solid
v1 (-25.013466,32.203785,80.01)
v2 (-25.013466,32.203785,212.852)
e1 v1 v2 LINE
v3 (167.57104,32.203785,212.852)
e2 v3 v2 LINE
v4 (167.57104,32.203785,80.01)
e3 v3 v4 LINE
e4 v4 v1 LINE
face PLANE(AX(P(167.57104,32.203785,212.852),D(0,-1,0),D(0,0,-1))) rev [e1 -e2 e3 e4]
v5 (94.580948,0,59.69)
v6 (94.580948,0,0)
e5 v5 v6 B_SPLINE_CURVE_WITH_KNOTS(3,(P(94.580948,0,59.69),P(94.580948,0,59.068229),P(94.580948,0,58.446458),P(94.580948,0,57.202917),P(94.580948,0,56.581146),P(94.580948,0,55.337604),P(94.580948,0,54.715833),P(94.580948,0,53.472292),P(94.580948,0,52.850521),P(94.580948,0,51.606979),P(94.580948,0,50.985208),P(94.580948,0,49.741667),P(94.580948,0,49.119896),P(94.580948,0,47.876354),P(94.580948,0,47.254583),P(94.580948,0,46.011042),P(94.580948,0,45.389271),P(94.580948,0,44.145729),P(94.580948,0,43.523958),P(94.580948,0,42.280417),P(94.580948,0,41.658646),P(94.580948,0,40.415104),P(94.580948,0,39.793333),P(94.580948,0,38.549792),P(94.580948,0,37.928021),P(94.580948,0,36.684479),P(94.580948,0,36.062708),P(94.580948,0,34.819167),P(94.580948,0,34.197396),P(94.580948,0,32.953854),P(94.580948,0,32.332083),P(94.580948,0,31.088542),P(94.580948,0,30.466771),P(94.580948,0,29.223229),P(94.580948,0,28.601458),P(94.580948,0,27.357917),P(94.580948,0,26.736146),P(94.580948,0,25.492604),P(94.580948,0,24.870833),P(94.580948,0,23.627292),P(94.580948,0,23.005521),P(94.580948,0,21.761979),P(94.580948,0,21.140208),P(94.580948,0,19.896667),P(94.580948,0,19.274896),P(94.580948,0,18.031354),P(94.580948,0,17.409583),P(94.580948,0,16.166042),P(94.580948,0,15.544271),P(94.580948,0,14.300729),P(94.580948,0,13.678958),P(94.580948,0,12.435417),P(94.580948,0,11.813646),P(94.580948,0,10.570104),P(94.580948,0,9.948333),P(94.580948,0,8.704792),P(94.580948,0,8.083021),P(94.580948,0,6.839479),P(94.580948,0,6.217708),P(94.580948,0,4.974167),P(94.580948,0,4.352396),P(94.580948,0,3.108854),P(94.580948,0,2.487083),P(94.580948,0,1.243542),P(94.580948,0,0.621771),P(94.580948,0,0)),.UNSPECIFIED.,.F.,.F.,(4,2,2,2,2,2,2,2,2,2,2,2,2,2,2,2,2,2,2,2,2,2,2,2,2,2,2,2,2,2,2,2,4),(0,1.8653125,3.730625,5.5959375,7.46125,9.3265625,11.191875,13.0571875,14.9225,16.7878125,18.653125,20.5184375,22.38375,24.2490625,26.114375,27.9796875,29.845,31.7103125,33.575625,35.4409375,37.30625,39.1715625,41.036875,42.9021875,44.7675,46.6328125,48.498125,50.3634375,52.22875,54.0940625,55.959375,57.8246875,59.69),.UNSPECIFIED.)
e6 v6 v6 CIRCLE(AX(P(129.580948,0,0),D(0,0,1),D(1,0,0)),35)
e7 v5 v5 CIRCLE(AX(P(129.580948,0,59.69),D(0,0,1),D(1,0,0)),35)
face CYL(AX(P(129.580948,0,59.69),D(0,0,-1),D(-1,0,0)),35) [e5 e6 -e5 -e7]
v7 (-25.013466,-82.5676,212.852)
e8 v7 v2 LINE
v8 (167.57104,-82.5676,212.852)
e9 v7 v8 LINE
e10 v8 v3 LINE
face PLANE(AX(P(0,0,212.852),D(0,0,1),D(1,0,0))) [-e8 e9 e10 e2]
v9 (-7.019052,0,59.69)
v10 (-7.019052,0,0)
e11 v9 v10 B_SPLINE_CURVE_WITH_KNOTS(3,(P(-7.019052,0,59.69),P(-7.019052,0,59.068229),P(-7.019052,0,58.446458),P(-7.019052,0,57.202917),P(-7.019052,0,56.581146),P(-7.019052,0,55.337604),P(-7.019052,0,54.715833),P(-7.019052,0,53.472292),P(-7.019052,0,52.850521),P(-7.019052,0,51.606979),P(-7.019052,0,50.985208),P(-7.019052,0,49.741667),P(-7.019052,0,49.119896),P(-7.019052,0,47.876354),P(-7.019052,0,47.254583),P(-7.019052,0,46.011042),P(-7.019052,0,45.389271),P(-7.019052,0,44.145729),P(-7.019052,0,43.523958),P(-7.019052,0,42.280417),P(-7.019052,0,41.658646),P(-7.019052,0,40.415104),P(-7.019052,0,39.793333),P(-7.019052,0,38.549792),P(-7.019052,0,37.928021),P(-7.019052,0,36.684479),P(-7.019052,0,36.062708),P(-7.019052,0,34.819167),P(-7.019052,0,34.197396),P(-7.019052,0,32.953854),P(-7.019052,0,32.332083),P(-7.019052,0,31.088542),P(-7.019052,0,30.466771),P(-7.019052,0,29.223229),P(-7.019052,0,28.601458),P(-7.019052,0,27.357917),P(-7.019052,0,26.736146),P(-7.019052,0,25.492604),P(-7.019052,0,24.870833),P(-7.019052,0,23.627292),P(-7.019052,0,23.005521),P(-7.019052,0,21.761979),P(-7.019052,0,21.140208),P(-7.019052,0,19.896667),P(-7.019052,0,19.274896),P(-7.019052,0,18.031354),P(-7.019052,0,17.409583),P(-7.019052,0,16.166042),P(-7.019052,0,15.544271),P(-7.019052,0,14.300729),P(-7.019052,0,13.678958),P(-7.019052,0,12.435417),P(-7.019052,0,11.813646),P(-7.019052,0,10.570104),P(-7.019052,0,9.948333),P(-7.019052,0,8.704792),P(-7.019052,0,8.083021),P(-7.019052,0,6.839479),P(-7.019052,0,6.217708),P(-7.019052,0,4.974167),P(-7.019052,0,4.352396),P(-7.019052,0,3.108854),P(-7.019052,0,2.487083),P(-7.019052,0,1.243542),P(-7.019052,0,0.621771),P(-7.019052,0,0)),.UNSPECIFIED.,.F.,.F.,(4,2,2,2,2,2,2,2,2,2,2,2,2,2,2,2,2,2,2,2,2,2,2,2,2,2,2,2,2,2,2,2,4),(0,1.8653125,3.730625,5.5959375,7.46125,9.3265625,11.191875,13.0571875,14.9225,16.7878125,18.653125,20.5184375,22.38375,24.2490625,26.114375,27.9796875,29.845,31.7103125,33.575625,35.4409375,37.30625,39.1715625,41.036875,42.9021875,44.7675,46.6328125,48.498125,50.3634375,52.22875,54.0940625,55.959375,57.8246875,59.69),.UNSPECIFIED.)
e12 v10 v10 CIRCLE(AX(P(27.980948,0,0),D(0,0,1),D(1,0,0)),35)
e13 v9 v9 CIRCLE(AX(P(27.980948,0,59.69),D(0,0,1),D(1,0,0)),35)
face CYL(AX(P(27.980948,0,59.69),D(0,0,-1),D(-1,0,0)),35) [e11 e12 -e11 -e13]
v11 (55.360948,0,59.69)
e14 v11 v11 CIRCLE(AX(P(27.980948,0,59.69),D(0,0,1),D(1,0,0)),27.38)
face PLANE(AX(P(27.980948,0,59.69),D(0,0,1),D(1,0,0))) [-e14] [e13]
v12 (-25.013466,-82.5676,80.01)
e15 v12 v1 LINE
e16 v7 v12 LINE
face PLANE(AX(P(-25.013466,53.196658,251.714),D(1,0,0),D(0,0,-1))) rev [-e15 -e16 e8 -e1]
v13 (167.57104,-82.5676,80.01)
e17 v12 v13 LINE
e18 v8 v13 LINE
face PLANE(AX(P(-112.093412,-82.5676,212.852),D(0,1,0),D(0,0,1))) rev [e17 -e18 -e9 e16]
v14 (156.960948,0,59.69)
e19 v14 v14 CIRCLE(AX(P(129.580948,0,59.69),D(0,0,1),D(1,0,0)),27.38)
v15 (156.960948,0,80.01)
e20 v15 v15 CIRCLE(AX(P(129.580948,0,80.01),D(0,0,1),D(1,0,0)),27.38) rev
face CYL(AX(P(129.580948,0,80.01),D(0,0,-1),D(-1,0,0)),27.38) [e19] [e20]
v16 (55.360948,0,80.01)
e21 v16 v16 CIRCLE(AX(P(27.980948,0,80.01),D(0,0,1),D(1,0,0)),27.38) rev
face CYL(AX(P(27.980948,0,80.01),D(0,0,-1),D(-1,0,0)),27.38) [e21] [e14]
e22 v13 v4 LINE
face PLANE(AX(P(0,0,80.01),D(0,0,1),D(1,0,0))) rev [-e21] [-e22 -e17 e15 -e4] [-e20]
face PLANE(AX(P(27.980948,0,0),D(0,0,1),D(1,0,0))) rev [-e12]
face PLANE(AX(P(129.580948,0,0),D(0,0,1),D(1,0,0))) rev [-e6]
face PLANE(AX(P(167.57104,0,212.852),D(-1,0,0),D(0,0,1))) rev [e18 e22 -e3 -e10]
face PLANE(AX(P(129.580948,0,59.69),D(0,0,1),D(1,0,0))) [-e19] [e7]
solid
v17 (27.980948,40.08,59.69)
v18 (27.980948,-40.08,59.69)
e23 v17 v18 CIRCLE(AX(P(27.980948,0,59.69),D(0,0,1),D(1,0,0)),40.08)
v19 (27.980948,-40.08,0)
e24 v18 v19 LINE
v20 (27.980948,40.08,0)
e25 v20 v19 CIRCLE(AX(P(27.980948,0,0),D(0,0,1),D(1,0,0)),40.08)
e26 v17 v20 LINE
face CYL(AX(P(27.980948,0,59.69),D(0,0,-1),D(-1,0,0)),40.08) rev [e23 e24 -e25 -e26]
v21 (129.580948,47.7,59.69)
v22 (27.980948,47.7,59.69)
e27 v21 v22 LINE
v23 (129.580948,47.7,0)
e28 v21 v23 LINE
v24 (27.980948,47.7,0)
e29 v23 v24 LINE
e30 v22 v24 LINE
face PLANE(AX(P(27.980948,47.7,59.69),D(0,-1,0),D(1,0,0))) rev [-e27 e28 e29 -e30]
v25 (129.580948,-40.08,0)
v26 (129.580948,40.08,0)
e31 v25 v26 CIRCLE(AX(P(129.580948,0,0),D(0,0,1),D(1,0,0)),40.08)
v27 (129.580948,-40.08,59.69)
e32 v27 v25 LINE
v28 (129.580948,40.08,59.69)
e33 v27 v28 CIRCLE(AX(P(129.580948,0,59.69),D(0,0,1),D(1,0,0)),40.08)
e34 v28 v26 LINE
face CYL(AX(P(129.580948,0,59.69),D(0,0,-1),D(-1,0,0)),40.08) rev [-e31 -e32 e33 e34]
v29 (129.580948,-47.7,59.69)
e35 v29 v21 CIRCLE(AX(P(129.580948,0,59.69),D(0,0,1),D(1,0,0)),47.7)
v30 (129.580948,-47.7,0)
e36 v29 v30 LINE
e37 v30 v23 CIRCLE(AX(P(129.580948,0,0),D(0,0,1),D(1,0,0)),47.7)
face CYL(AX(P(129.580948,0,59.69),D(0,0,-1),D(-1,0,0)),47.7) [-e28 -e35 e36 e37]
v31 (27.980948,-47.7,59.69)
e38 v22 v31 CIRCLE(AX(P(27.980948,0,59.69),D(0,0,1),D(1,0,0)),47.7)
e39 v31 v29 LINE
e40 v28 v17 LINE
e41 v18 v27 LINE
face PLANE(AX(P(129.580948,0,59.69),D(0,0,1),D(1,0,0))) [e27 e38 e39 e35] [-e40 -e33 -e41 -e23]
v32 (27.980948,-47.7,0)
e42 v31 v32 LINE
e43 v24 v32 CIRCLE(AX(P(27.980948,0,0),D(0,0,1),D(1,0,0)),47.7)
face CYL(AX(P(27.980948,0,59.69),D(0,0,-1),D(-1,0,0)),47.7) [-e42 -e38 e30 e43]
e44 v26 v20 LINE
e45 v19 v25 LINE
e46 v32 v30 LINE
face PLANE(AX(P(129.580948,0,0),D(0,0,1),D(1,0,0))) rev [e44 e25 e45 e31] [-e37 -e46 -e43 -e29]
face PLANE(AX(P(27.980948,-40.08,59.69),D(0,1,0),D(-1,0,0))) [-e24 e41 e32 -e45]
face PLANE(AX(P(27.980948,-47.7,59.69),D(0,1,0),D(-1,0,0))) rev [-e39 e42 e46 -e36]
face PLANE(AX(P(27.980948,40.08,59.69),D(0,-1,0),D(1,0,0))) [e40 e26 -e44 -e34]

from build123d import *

# Parameters (mm, degrees)
SKETCH_1_R          = 35
EXTRUDE_1_DEPTH     = 59.69
EXTRUDE_1_2_DEPTH   = 59.69
EXTRUDE_1_3_DEPTH   = 59.69
EXTRUDE_2_DEPTH     = 29.845
SKETCH_3_R          = 27.38
EXTRUDE_3_DEPTH     = 20.32
EXTRUDE_4_DEPTH     = 132.842
SKETCH_5_R          = 35
CUT_EXTRUDE_1_DEPTH = 80.01
SKETCH_6_W          = 119.203563449
SKETCH_6_H          = 165.430142189
CUT_EXTRUDE_2_DEPTH = 171.704


with BuildPart() as part:
    # 草图1 → 凸台-拉伸1 (new body)
    with BuildSketch(Plane.XY):
        with Locations(Location((-73.619052145, 0, 0), (0, 0, 180))):
            Circle(SKETCH_1_R)
    extrude(amount=EXTRUDE_1_DEPTH)



with BuildPart() as body_2:
    # 草图1 → Extrude 1 2 (new body)
    with BuildSketch(Plane.XY):
        with Locations(Location((27.980947855, 0, 0), (0, 0, 180))):
            Circle(SKETCH_1_R)
    extrude(amount=EXTRUDE_1_2_DEPTH)


with BuildPart() as body_3:
    # 草图1 → Extrude 1 3 (new body)
    with BuildSketch(Plane.XY):
        with Locations(Location((129.580947855, 0, 0), (0, 0, 180))):
            Circle(SKETCH_1_R)
    extrude(amount=EXTRUDE_1_3_DEPTH)


with BuildPart() as body_4:
    # 草图2 → 凸台-拉伸2 (new, symmetric)
    with BuildSketch(Plane.XY.offset(29.845)):
        with BuildLine():
            Line((27.980947855, 47.7), (129.580947855, 47.7))
            ThreePointArc((129.580947855, 47.7), (177.280947855, 0), (129.580947855, -47.7))
            Line((129.580947855, -47.7), (27.980947855, -47.7))
            ThreePointArc((27.980947855, -47.7), (-19.719052145, 0), (27.980947855, 47.7))
        make_face()
        with BuildLine():
            Line((27.980947855, 40.08), (129.580947855, 40.08))
            ThreePointArc((129.580947855, 40.08), (169.660947855, 0), (129.580947855, -40.08))
            Line((129.580947855, -40.08), (27.980947855, -40.08))
            ThreePointArc((27.980947855, -40.08), (-12.099052145, 0), (27.980947855, 40.08))
        make_face(mode=Mode.SUBTRACT)
    extrude(amount=EXTRUDE_2_DEPTH, both=True)


with BuildPart() as part_1:
    add(part.part)

    add(body_2.part)  # 凸台-拉伸3 merges body 2

    add(body_3.part)  # 凸台-拉伸3 merges body 3
    # 草图3 → 凸台-拉伸3 (add)
    with BuildSketch(Plane.XY.offset(59.69)):
        with Locations((129.580947855, 0)):
            Circle(SKETCH_3_R)
        with Locations((-73.619052145, 0)):
            Circle(SKETCH_3_R)
        with Locations((27.980947855, 0)):
            Circle(SKETCH_3_R)
    extrude(amount=EXTRUDE_3_DEPTH)

    # 草图4 → 凸台-拉伸4 (add)
    with BuildSketch(Plane.XY.offset(80.01)):
        Polygon((-112.093411713, 0), (-112.093411713, -82.567600022), (167.571039974, -82.567600022), (167.571039974, 0), (167.571039974, 32.203785346), (-112.093411713, 32.203785346), align=None)
    extrude(amount=EXTRUDE_4_DEPTH)

    # 草图5 → 切除-拉伸1 (cut)
    with BuildSketch(Plane(origin=(0, 0, 0), x_dir=(-1, 0, 0), z_dir=(0, 0, -1))):
        with Locations((73.619052145, 0)):
            Circle(SKETCH_5_R)
    extrude(amount=-CUT_EXTRUDE_1_DEPTH, mode=Mode.SUBTRACT)

    # 草图6 → 切除-拉伸2 (cut)
    with BuildSketch(Plane(origin=(0, 0, 80.01), x_dir=(-1, 0, 0), z_dir=(0, 0, -1))):
        with Locations((84.615247565, -29.518413235)):
            Rectangle(SKETCH_6_W, SKETCH_6_H)
    extrude(amount=-CUT_EXTRUDE_2_DEPTH, mode=Mode.SUBTRACT)


solid = Compound([body_4.part, part_1.part])
